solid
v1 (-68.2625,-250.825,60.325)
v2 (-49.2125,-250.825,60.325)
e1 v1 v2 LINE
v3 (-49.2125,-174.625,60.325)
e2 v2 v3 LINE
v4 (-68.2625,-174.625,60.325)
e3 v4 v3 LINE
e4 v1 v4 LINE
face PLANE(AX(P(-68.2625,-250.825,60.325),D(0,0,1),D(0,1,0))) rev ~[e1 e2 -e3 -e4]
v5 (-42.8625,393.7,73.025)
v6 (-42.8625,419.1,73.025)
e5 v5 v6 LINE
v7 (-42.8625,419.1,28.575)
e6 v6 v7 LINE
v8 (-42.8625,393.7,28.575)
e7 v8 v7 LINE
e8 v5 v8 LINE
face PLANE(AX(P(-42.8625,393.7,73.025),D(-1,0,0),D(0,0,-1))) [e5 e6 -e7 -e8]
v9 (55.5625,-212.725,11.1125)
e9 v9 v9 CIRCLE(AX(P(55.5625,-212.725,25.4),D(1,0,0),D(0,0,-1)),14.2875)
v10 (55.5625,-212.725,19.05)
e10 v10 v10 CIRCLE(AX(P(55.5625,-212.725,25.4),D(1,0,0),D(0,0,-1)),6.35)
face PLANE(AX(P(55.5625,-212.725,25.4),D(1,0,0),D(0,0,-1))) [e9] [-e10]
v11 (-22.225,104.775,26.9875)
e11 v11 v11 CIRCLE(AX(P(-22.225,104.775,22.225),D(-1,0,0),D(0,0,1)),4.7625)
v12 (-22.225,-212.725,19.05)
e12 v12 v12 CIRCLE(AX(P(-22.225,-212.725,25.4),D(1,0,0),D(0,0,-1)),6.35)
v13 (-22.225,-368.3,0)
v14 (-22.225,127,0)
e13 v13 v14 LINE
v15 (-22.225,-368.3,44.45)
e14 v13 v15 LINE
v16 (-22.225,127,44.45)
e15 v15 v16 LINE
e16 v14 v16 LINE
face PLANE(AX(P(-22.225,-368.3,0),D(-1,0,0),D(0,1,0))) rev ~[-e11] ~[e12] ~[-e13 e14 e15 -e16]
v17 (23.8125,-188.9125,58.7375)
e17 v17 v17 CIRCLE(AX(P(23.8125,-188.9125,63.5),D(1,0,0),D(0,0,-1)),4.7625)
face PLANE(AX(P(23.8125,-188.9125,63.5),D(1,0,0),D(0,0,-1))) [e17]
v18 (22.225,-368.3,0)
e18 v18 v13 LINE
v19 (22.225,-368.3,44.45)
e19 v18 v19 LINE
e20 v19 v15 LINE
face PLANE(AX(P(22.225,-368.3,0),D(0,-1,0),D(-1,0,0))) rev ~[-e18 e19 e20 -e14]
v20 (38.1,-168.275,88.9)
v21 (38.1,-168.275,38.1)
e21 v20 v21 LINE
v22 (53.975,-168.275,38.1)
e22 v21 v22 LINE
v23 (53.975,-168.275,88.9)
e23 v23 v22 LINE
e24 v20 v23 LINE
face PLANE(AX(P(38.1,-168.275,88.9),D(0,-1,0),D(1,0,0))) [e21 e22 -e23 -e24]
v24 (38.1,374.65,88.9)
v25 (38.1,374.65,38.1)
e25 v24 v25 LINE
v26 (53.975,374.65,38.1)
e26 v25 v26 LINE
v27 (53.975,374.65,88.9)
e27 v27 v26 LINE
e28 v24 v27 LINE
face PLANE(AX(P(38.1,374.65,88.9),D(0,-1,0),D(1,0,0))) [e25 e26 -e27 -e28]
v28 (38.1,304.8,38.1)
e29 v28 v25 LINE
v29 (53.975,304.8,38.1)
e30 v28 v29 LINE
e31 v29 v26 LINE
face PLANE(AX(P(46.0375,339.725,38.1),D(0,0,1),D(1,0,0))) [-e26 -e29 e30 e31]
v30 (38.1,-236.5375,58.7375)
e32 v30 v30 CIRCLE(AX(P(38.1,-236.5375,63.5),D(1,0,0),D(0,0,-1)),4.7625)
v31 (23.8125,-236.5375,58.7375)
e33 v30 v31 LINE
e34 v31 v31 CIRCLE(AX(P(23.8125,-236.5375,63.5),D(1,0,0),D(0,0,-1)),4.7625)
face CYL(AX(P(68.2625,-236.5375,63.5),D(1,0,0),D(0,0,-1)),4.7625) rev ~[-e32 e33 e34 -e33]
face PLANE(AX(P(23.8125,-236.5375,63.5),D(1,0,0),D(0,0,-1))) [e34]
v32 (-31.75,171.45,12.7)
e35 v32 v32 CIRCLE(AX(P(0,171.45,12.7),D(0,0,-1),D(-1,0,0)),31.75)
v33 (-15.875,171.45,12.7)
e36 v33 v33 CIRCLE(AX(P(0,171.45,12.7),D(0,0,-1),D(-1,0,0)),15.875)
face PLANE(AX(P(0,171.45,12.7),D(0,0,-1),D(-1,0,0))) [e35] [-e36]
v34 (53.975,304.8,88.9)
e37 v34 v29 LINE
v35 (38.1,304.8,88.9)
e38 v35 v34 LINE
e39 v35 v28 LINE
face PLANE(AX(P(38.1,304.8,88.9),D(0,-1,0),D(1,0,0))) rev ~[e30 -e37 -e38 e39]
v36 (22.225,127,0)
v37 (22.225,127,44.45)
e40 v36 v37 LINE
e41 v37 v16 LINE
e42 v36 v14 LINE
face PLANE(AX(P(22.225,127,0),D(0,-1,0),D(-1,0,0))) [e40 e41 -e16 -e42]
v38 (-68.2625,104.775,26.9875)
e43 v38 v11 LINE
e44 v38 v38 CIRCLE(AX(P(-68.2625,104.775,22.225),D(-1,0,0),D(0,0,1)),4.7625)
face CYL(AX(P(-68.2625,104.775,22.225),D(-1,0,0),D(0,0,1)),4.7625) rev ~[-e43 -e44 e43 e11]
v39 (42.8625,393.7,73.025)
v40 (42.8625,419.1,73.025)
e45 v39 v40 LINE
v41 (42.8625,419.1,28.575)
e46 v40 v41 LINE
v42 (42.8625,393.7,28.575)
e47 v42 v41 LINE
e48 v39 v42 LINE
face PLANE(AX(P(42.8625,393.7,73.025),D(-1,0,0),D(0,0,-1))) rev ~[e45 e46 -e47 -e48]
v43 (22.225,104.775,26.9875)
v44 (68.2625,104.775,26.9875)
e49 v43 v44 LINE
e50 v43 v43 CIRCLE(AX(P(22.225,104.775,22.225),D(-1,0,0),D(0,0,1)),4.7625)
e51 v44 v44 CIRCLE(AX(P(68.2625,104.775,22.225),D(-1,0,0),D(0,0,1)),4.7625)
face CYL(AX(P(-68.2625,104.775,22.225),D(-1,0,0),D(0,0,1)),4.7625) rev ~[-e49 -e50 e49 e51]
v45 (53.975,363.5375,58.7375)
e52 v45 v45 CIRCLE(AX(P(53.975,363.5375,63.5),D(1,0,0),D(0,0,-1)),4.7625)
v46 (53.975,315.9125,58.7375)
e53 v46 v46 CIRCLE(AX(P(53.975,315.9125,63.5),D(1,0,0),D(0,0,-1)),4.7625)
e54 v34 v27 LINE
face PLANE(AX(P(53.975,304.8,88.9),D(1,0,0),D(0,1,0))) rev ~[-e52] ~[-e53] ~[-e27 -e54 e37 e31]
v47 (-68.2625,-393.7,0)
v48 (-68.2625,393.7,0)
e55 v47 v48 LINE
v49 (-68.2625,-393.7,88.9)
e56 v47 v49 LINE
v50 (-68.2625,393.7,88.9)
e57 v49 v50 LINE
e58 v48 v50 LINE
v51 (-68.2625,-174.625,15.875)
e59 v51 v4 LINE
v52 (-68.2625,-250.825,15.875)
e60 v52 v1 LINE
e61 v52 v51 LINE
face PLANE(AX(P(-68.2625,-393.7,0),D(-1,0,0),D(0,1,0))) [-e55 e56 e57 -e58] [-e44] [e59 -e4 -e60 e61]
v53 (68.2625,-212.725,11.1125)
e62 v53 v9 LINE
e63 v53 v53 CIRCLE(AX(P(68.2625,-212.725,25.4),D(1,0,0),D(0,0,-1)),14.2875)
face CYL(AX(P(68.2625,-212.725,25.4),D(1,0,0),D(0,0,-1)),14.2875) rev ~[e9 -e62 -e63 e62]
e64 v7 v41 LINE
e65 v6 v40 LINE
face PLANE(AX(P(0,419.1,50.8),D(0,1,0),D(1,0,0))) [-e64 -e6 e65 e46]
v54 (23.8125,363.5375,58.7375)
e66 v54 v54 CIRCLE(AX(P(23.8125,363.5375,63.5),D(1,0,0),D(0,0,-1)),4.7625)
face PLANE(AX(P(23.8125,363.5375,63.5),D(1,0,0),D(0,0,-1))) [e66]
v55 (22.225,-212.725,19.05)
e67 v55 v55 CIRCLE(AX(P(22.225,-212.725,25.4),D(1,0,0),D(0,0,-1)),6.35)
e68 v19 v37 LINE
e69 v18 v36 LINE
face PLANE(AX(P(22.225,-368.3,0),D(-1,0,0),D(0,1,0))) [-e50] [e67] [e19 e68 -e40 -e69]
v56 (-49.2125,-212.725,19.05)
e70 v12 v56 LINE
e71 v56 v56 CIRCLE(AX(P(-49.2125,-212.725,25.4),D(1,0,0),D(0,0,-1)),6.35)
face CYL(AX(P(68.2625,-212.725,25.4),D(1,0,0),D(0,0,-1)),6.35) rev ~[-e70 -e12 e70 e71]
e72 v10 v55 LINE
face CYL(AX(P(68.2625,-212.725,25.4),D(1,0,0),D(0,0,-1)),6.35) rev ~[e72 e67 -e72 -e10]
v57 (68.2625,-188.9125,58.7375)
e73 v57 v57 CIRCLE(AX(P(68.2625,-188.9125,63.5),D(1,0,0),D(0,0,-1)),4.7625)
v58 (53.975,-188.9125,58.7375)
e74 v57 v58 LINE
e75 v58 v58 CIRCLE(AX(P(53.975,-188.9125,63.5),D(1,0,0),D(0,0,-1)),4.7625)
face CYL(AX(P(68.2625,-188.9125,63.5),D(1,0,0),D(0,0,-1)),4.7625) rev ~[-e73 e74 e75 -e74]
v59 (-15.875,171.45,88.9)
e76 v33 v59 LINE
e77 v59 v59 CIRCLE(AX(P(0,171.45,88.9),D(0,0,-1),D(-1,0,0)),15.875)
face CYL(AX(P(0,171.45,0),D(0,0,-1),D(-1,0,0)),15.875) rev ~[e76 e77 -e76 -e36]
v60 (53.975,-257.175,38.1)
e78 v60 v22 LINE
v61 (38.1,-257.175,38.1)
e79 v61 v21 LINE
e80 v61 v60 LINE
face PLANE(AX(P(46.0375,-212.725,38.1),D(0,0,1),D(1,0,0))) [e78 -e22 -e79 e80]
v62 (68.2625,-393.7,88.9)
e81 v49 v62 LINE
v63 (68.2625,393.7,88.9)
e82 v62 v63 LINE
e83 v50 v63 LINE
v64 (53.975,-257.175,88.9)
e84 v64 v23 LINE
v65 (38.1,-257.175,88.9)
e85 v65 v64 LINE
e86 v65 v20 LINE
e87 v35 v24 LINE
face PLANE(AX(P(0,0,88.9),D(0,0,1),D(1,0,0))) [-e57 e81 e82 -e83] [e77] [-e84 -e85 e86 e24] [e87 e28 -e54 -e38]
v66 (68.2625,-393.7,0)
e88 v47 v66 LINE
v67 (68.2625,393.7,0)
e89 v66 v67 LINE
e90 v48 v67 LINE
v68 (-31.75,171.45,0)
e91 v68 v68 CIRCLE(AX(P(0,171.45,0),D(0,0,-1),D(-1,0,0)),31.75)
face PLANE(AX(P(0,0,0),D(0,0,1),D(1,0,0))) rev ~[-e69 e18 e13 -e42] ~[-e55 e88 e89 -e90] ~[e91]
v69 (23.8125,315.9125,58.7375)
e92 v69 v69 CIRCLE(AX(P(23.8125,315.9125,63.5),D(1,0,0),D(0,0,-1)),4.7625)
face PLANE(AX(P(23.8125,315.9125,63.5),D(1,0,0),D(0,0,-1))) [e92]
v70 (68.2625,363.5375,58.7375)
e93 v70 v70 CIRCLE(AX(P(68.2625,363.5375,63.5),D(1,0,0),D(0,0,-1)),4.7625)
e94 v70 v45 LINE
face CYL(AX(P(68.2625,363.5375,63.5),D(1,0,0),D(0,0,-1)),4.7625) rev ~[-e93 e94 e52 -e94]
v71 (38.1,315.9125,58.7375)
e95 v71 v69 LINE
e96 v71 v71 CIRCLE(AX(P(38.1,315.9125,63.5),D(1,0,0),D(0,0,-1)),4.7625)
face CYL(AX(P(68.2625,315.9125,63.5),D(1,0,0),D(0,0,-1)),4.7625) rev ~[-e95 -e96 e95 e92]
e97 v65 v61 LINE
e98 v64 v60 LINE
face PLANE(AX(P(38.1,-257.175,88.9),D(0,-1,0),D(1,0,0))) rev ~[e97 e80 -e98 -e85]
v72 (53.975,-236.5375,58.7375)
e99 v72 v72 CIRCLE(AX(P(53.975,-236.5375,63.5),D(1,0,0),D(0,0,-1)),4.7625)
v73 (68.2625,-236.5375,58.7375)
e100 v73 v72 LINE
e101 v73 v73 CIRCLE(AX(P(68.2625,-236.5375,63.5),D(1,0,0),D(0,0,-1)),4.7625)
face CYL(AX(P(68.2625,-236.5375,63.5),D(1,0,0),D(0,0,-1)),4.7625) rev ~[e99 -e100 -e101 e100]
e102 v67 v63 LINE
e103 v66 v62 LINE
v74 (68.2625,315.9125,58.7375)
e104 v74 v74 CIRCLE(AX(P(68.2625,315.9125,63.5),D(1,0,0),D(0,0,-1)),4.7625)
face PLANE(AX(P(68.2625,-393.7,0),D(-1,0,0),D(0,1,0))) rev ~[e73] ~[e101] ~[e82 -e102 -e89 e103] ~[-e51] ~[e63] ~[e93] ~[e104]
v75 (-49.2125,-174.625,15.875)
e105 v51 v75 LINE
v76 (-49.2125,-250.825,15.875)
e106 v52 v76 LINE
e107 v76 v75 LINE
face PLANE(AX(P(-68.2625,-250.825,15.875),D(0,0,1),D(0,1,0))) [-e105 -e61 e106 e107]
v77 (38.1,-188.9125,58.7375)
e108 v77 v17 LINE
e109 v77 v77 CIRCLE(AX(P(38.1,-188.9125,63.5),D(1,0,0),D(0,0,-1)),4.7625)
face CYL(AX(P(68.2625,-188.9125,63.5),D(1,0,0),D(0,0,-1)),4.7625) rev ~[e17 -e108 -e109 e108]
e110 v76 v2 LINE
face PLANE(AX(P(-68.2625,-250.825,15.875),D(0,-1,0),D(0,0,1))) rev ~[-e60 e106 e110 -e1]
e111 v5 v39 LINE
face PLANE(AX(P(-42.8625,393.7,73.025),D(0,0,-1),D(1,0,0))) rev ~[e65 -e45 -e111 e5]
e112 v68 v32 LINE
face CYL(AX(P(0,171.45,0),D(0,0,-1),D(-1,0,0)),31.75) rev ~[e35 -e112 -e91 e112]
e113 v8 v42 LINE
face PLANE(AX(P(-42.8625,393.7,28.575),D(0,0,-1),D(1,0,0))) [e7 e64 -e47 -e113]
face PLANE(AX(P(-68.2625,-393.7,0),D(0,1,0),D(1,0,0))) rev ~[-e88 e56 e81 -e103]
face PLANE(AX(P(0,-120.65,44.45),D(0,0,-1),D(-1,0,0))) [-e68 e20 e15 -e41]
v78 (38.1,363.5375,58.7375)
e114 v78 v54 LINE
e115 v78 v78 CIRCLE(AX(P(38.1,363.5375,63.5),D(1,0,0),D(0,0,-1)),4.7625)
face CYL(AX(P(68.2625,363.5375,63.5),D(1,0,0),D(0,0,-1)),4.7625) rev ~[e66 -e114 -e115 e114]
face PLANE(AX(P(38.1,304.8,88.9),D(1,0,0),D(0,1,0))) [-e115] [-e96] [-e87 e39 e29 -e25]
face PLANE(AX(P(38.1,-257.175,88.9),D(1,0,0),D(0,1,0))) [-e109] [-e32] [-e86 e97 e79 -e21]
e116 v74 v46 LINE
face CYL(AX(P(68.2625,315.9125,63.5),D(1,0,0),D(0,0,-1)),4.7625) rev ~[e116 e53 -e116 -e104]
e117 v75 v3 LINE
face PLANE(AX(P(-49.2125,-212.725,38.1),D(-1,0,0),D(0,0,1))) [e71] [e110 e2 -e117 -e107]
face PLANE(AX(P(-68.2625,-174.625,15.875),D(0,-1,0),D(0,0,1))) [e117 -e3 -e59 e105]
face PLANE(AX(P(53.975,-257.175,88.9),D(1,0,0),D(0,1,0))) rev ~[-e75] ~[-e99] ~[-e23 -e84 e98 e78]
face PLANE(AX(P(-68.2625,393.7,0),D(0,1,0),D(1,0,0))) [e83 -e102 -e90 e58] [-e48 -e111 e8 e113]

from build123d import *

# Parameters (mm, degrees)
SKETCH1_W           = 136.525
SKETCH1_H           = 787.4
BOSS_EXTRUDE1_DEPTH = 88.9
SKETCH2_W           = 85.725
SKETCH2_H           = 44.45
BOSS_EXTRUDE2_DEPTH = 25.4
SKETCH4_W           = 44.45
SKETCH4_H           = 495.3
CUT_EXTRUDE1_DEPTH  = 44.45
SKETCH4_3_R         = 31.75
SKETCH4_3_R_2       = 15.875
CUT_EXTRUDE2_DEPTH  = 12.7
SKETCH4_4_R         = 15.875
CUT_EXTRUDE3_DEPTH  = 434.829216289
SKETCH5_W           = 44.45
SKETCH5_H           = 76.2
CUT_EXTRUDE4_DEPTH  = 19.05
SKETCH5_3_R         = 4.7625
CUT_EXTRUDE5_DEPTH  = 450.652194062
SKETCH6_W           = 15.875
SKETCH6_H           = 88.9
SKETCH6_H_2         = 69.85
CUT_EXTRUDE6_DEPTH  = 50.8
SKETCH7_R           = 4.7625
CUT_EXTRUDE7_DEPTH  = 44.45
SKETCH8_R           = 14.2875
SKETCH8_R_2         = 6.35
CUT_EXTRUDE8_DEPTH  = 12.7
SKETCH8_3_R         = 6.35
CUT_EXTRUDE9_DEPTH  = 450.652194062


with BuildPart() as part:
    # Sketch1 → Boss-Extrude1 (new body)
    with BuildSketch(Plane.XY):
        Rectangle(SKETCH1_W, SKETCH1_H)
    extrude(amount=BOSS_EXTRUDE1_DEPTH)

    # Sketch2 → Boss-Extrude2 (add)
    with BuildSketch(Plane(origin=(0, 393.7, 0), x_dir=(1, 0, 0), z_dir=(0, 1, 0))):
        with Locations((0, -50.8)):
            Rectangle(SKETCH2_W, SKETCH2_H)
    extrude(amount=BOSS_EXTRUDE2_DEPTH)

    # Sketch4 → Cut-Extrude1 (cut)
    with BuildSketch(Plane(origin=(0, 0, 0), x_dir=(-1, 0, 0), z_dir=(0, 0, -1))):
        with Locations((0, -120.65)):
            Rectangle(SKETCH4_W, SKETCH4_H)
    extrude(amount=-CUT_EXTRUDE1_DEPTH, mode=Mode.SUBTRACT)

    # Sketch4<3> → Cut-Extrude2 (cut)
    with BuildSketch(Plane(origin=(0, 0, 0), x_dir=(-1, 0, 0), z_dir=(0, 0, -1))):
        with Locations((0, 171.45)):
            Circle(SKETCH4_3_R)
        with Locations((0, 171.45)):
            Circle(SKETCH4_3_R_2, mode=Mode.SUBTRACT)
    extrude(amount=-CUT_EXTRUDE2_DEPTH, mode=Mode.SUBTRACT)

    # Sketch4<4> → Cut-Extrude3 (cut, through all)
    with BuildSketch(Plane(origin=(0, 0, 0), x_dir=(-1, 0, 0), z_dir=(0, 0, -1))):
        with Locations((0, 171.45)):
            Circle(SKETCH4_4_R)
    extrude(amount=-CUT_EXTRUDE3_DEPTH, mode=Mode.SUBTRACT)

    # Sketch5 → Cut-Extrude4 (cut)
    with BuildSketch(Plane.ZY.offset(68.2625)):
        with Locations((38.1, -212.725)):
            Rectangle(SKETCH5_W, SKETCH5_H)
    extrude(amount=-CUT_EXTRUDE4_DEPTH, mode=Mode.SUBTRACT)

    # Sketch5<3> → Cut-Extrude5 (cut, through all)
    with BuildSketch(Plane.ZY.offset(68.2625)):
        with Locations((22.225, 104.775)):
            Circle(SKETCH5_3_R)
    extrude(amount=-CUT_EXTRUDE5_DEPTH, mode=Mode.SUBTRACT)

    # Sketch6 → Cut-Extrude6 (cut)
    with BuildSketch(Plane.XY.offset(88.9)):
        with Locations((46.0375, -212.725)):
            Rectangle(SKETCH6_W, SKETCH6_H)
        with Locations((46.0375, 339.725)):
            Rectangle(SKETCH6_W, SKETCH6_H_2)
    extrude(amount=-CUT_EXTRUDE6_DEPTH, mode=Mode.SUBTRACT)

    # Sketch7 → Cut-Extrude7 (cut)
    with BuildSketch(Plane(origin=(68.2625, 0, 0), x_dir=(0, 0, -1), z_dir=(1, 0, 0))):
        with Locations((-63.5, -188.9125)):
            Circle(SKETCH7_R)
        with Locations((-63.5, -236.5375)):
            Circle(SKETCH7_R)
        with Locations((-63.5, 363.5375)):
            Circle(SKETCH7_R)
        with Locations((-63.5, 315.9125)):
            Circle(SKETCH7_R)
    extrude(amount=-CUT_EXTRUDE7_DEPTH, mode=Mode.SUBTRACT)

    # Sketch8 → Cut-Extrude8 (cut)
    with BuildSketch(Plane(origin=(68.2625, 0, 0), x_dir=(0, 0, -1), z_dir=(1, 0, 0))):
        with Locations((-25.4, -212.725)):
            Circle(SKETCH8_R)
        with Locations((-25.4, -212.725)):
            Circle(SKETCH8_R_2, mode=Mode.SUBTRACT)
    extrude(amount=-CUT_EXTRUDE8_DEPTH, mode=Mode.SUBTRACT)

    # Sketch8<3> → Cut-Extrude9 (cut, through all)
    with BuildSketch(Plane(origin=(68.2625, 0, 0), x_dir=(0, 0, -1), z_dir=(1, 0, 0))):
        with Locations((-25.4, -212.725)):
            Circle(SKETCH8_3_R)
    extrude(amount=-CUT_EXTRUDE9_DEPTH, mode=Mode.SUBTRACT)


solid = part.part
